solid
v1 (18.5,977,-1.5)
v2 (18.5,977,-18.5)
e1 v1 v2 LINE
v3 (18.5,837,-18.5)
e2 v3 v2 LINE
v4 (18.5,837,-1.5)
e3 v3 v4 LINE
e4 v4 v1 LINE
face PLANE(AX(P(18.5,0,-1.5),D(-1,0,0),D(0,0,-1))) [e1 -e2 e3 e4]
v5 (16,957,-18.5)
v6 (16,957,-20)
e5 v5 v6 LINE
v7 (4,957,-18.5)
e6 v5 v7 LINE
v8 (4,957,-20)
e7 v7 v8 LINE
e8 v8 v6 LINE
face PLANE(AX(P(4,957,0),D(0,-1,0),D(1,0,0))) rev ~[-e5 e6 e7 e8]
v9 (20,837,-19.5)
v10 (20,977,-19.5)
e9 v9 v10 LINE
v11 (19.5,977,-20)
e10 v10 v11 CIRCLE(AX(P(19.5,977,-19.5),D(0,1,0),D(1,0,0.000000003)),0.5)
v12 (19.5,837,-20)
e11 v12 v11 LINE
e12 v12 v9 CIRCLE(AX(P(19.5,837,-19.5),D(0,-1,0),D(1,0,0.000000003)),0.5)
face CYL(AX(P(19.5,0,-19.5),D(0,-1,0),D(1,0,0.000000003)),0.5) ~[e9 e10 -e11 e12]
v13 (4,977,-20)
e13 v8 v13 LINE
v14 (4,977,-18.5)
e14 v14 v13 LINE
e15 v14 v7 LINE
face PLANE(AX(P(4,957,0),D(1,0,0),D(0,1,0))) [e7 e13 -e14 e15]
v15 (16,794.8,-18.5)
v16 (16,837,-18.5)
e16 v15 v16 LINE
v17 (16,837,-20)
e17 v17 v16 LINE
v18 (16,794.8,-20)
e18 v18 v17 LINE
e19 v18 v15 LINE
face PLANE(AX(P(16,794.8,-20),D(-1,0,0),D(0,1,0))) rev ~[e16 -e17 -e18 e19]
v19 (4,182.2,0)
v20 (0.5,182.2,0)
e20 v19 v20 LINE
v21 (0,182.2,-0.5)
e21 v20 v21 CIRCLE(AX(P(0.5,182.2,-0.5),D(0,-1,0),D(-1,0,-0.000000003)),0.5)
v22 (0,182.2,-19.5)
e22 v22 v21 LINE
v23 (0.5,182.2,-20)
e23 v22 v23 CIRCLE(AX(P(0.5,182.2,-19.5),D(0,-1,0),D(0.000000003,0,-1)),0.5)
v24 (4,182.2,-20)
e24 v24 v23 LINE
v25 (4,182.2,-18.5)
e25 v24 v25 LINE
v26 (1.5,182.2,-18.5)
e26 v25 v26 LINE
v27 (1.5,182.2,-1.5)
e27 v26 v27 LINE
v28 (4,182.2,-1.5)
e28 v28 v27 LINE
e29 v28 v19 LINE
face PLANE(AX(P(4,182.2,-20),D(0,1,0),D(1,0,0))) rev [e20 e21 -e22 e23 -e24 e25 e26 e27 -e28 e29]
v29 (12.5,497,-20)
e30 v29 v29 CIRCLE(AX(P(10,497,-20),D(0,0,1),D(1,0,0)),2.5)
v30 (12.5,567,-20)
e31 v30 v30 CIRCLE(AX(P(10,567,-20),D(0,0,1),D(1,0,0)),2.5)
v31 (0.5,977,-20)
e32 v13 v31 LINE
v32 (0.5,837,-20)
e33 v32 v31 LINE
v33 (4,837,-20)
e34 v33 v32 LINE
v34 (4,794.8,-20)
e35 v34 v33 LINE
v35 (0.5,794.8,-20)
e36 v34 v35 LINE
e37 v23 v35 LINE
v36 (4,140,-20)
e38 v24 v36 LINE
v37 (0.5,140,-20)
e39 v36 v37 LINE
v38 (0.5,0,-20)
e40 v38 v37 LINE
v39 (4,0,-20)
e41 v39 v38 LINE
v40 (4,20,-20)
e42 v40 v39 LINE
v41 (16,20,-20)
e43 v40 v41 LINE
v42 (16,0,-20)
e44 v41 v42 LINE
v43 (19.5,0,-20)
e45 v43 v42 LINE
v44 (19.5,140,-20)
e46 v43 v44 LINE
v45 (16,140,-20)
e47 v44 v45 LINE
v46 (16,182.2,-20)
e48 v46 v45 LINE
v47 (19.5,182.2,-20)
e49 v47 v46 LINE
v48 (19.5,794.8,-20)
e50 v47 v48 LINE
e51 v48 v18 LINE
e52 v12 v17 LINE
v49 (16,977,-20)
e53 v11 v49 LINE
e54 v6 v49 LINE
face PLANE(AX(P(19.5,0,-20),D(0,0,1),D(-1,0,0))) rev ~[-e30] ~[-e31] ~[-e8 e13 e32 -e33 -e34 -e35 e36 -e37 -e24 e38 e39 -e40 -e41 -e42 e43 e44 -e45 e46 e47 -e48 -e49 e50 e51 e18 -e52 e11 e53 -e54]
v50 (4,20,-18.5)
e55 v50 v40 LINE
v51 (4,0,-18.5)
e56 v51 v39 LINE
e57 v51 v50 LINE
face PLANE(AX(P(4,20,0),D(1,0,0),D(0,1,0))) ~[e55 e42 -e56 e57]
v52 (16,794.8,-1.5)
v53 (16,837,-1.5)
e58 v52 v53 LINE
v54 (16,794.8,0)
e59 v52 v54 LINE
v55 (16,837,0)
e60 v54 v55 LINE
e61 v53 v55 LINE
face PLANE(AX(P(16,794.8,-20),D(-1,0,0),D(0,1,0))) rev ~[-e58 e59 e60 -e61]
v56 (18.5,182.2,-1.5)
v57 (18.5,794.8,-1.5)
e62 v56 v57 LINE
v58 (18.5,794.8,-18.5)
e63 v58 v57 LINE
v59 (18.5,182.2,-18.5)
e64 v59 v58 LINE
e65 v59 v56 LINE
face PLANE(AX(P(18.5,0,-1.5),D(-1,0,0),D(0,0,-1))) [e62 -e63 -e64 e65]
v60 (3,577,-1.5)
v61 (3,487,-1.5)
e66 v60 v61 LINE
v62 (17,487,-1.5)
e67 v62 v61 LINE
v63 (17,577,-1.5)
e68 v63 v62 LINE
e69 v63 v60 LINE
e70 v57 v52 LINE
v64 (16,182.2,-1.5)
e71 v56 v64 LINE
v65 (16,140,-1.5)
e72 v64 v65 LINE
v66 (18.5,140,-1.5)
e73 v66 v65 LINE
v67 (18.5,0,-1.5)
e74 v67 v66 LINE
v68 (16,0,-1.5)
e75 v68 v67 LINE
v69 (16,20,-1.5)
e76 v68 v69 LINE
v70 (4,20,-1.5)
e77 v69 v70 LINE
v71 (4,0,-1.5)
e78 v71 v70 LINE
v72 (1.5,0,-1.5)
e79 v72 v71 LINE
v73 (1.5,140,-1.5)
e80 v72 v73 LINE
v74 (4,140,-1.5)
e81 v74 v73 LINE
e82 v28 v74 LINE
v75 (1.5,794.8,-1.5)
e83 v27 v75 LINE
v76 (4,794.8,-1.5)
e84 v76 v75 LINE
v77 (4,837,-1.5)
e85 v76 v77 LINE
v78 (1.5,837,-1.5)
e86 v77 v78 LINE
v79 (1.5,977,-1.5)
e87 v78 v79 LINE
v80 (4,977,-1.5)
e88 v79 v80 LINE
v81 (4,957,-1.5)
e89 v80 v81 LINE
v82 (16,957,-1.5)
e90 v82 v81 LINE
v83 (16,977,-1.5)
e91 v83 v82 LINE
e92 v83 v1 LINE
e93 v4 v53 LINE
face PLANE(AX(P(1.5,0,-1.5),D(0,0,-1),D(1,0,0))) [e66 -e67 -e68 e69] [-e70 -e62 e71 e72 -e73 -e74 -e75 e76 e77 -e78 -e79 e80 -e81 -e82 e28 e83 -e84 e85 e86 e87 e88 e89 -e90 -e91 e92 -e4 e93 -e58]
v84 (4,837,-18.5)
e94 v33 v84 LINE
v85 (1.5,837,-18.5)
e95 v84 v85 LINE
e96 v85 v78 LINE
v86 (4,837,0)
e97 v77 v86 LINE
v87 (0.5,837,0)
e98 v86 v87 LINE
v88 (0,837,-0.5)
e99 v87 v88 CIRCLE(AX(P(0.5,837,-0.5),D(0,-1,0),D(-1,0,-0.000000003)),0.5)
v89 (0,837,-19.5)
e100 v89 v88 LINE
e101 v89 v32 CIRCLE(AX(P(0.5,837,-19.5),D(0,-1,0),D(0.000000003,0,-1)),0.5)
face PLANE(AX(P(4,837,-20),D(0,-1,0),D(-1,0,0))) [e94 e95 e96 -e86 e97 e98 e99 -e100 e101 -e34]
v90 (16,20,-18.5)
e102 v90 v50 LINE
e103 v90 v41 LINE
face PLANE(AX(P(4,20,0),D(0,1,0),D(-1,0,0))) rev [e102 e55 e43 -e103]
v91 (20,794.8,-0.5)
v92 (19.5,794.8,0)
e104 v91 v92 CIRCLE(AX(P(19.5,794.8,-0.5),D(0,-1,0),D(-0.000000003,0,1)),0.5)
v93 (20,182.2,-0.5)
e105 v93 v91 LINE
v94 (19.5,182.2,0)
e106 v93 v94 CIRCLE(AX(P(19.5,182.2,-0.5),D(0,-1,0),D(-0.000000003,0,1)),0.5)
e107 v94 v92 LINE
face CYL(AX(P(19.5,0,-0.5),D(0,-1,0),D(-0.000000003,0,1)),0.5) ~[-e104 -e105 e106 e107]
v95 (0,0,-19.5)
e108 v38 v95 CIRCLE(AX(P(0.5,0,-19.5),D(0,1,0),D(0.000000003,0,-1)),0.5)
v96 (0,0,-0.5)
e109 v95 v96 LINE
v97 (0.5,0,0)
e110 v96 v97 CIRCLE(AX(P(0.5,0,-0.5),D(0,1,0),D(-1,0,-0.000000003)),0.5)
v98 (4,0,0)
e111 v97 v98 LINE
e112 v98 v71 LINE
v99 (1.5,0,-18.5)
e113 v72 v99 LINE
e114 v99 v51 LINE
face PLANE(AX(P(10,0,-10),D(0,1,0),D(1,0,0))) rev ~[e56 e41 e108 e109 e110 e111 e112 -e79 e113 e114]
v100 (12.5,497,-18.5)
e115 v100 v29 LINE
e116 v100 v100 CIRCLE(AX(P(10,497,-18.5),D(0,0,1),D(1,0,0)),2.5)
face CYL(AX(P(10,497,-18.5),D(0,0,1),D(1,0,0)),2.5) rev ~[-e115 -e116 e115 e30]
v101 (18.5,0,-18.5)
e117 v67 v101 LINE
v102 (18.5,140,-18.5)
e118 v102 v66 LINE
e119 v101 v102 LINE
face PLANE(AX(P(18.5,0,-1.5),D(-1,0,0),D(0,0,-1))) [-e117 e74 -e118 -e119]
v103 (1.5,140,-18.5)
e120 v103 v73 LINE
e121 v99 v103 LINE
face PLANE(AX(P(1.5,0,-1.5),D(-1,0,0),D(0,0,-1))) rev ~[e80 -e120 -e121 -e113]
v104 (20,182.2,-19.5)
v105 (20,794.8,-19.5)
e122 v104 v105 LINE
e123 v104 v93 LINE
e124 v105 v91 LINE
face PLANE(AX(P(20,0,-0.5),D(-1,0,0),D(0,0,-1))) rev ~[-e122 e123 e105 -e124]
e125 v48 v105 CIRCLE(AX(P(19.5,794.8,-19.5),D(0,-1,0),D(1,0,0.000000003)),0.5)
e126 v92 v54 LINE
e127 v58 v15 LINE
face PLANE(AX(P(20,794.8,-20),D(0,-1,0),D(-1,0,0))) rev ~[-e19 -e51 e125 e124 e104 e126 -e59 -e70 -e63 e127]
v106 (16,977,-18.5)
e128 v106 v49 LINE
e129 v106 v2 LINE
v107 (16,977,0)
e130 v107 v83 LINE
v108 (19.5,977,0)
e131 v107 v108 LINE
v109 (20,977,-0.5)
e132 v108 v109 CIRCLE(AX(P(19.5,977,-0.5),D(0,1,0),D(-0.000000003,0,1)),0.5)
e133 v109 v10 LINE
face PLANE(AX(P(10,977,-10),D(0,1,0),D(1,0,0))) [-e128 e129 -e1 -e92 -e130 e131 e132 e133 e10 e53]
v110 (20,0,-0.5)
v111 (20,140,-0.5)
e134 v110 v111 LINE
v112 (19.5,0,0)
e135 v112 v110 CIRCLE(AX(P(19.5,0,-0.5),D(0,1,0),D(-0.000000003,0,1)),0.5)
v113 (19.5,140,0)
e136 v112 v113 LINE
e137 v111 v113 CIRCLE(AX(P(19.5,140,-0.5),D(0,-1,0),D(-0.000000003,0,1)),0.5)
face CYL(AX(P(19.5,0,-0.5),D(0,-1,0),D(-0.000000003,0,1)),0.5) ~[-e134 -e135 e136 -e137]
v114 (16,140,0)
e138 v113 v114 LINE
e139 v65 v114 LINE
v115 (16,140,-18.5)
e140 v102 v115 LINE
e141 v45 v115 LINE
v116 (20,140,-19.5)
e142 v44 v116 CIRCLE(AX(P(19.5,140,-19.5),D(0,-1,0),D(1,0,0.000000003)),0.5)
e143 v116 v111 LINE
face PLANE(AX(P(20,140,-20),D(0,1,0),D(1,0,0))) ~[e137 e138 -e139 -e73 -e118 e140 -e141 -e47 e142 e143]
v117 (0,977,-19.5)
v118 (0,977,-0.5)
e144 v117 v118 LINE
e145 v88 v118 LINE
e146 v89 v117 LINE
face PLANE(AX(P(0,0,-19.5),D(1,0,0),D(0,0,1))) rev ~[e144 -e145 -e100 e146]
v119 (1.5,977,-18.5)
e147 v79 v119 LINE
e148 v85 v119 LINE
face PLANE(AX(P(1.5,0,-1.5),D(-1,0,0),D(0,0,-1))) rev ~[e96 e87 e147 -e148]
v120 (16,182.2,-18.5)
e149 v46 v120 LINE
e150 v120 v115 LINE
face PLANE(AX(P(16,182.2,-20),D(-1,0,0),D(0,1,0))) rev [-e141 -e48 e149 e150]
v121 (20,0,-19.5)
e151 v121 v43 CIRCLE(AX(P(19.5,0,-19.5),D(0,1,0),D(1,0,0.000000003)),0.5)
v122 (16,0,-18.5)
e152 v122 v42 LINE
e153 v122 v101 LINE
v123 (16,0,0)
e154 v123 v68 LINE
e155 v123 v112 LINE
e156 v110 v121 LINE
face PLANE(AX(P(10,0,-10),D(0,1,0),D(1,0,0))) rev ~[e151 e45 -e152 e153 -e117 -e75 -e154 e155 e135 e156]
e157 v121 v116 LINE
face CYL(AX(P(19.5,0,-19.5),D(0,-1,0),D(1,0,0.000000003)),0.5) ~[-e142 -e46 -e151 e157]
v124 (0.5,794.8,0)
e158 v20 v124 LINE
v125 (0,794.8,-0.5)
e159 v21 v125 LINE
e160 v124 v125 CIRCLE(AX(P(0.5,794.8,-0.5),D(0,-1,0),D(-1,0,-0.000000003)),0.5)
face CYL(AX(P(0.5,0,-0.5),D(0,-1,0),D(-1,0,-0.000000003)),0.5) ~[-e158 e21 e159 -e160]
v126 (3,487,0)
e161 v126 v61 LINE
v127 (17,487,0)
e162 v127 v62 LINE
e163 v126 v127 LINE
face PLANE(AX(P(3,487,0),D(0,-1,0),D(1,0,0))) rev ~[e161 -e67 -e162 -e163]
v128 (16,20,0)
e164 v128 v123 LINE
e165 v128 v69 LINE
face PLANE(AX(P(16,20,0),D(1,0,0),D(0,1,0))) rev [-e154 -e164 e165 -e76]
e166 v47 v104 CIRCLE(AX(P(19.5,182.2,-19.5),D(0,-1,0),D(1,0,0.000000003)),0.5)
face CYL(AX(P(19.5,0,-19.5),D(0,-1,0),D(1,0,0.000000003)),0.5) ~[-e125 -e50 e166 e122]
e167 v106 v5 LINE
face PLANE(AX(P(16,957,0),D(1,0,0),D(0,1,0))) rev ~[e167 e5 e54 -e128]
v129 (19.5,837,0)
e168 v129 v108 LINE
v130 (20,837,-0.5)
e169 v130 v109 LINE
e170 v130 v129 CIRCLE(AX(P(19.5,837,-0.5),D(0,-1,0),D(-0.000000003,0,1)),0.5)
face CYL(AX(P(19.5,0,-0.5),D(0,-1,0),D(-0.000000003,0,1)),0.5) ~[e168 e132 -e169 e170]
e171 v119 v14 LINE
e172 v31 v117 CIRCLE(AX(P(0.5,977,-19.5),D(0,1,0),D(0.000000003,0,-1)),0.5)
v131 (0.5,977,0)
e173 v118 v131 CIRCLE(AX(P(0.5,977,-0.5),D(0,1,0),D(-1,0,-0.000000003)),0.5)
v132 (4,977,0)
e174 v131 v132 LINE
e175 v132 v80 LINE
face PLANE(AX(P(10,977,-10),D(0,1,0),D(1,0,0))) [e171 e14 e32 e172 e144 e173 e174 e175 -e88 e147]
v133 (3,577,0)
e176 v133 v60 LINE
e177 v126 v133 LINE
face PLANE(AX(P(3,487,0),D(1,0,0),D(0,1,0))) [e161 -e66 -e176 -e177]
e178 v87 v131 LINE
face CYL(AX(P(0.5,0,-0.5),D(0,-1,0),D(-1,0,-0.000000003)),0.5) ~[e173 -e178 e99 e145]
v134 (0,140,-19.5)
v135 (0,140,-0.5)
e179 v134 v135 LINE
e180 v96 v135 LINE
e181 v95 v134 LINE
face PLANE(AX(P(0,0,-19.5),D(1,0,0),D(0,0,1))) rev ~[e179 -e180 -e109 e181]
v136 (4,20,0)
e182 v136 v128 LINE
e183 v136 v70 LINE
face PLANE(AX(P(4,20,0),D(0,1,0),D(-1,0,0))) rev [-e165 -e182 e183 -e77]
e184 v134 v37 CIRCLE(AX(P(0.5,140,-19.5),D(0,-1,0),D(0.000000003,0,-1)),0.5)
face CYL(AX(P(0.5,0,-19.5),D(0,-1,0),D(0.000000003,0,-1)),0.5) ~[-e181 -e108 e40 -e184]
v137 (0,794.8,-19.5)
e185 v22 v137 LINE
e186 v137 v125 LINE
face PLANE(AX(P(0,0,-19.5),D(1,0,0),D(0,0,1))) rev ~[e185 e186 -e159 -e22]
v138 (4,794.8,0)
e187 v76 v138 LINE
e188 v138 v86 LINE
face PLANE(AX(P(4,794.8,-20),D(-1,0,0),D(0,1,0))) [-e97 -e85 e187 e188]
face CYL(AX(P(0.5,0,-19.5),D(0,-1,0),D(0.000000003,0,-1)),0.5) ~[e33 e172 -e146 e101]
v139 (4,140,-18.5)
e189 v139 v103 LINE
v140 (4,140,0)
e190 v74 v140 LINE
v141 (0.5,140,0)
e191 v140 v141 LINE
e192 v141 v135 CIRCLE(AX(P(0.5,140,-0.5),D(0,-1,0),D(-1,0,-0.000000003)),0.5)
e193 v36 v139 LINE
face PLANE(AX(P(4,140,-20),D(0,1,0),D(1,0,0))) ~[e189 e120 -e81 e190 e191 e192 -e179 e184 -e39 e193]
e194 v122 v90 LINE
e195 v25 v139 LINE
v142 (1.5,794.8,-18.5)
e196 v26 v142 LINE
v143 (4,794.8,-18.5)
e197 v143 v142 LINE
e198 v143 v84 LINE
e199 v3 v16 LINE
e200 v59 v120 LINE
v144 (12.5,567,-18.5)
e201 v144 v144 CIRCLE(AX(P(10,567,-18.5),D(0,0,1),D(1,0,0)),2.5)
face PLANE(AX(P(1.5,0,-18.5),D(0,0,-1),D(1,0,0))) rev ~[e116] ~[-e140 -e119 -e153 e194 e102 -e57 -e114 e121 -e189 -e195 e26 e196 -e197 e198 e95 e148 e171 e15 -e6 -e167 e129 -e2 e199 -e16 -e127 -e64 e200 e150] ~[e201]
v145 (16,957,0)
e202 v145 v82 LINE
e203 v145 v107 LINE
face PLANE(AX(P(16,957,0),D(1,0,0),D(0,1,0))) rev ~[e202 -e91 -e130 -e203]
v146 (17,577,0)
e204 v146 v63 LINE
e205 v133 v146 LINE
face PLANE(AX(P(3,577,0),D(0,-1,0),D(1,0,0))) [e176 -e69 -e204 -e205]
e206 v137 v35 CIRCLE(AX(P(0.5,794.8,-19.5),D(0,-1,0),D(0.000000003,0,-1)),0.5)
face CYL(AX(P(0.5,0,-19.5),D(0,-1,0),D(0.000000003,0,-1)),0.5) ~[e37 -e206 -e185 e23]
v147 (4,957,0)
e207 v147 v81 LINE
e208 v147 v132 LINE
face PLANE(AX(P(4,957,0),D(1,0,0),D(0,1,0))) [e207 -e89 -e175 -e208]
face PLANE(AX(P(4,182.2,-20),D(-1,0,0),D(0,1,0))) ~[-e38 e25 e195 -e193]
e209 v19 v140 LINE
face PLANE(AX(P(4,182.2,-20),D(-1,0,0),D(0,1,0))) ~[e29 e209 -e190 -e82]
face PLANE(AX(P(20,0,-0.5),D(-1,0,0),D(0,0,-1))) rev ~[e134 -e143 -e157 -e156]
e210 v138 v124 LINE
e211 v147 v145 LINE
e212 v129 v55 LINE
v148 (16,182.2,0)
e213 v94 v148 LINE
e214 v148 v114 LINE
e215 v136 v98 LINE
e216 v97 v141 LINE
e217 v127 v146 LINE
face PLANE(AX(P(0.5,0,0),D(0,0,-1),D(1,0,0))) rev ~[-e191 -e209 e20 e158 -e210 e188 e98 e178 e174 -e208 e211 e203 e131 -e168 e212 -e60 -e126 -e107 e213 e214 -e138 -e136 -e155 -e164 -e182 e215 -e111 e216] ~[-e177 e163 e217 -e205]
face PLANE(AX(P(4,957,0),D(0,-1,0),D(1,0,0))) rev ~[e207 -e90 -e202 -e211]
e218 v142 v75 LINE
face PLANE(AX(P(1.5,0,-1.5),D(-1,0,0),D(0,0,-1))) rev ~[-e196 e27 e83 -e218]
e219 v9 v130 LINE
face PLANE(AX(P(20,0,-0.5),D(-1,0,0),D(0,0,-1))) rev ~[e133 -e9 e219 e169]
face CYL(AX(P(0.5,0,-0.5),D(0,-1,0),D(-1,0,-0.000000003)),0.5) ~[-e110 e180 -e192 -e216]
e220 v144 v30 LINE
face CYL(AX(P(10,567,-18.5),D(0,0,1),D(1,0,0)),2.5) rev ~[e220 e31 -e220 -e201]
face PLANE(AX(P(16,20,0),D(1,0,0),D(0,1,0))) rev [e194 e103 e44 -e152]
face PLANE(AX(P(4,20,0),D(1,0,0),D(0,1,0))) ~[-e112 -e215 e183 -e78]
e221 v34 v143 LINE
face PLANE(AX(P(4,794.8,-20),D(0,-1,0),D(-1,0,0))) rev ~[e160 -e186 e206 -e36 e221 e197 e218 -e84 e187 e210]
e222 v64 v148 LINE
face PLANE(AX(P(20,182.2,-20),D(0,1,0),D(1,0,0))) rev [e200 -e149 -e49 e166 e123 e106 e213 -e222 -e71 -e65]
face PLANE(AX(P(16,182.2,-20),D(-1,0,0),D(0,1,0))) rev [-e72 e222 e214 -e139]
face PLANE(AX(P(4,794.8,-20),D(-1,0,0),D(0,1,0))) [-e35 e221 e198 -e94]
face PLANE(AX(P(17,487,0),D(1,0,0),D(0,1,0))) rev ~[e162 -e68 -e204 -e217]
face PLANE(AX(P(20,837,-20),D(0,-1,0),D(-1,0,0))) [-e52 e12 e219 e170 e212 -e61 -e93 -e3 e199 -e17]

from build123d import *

# Parameters (mm, degrees)
SKETCH1_W           = 17
SKETCH1_H           = 17
BOSS_EXTRUDE1_DEPTH = 977
SKETCH2_W           = 12
SKETCH2_H           = 20
CUT_EXTRUDE1_DEPTH  = 1177
SKETCH3_W           = 4
SKETCH3_H           = 42.2
CUT_EXTRUDE2_DEPTH  = 1177
SKETCH7_W           = 14
SKETCH7_H           = 90
CUT_EXTRUDE5_DEPTH  = 10
SKETCH8_R           = 2.5
CUT_EXTRUDE6_DEPTH  = 10


with BuildPart() as part:
    # Sketch1 → Boss-Extrude1 (new body)
    with BuildSketch(Plane(origin=(0, 0, 0), x_dir=(1, 0, 0), z_dir=(0, 1, 0))):
        with BuildLine():
            Line((0.5, 0), (19.5, 0))
            ThreePointArc((19.5, 0), (19.853553391, 0.146446609), (20, 0.5))
            Line((20, 0.5), (20, 19.5))
            ThreePointArc((20, 19.5), (19.853553391, 19.853553391), (19.5, 20))
            Line((19.5, 20), (0.5, 20))
            ThreePointArc((0.5, 20), (0.146446609, 19.853553391), (0, 19.5))
            Line((0, 19.5), (0, 0.5))
            ThreePointArc((0, 0.5), (0.146446609, 0.146446609), (0.5, 0))
        make_face()
        with Locations((10, 10)):
            Rectangle(SKETCH1_W, SKETCH1_H, mode=Mode.SUBTRACT)
    extrude(amount=BOSS_EXTRUDE1_DEPTH)

    # Sketch2 → Cut-Extrude1 (cut)
    with BuildSketch(Plane.XY):
        with Locations((10, 967)):
            Rectangle(SKETCH2_W, SKETCH2_H)
    cut_extrude1 = extrude(amount=-CUT_EXTRUDE1_DEPTH, mode=Mode.SUBTRACT)

    # Sketch3 → Cut-Extrude2 (cut)
    with BuildSketch(Plane(origin=(0, 0, -20), x_dir=(-1, 0, 0), z_dir=(0, 0, -1))):
        with Locations((-2, 815.9)):
            Rectangle(SKETCH3_W, SKETCH3_H)
        with Locations((-18, 815.9)):
            Rectangle(SKETCH3_W, SKETCH3_H)
    cut_extrude2 = extrude(amount=-CUT_EXTRUDE2_DEPTH, mode=Mode.SUBTRACT)

    # Mirror1: Cut-Extrude1, Cut-Extrude2 across plane
    add(cut_extrude1.mirror(Plane.ZX.offset(488.5)), mode=Mode.SUBTRACT)
    add(cut_extrude2.mirror(Plane.ZX.offset(488.5)), mode=Mode.SUBTRACT)

    # Sketch7 → Cut-Extrude5 (cut)
    with BuildSketch(Plane.XY):
        with Locations((10, 532)):
            Rectangle(SKETCH7_W, SKETCH7_H)
    extrude(amount=-CUT_EXTRUDE5_DEPTH, mode=Mode.SUBTRACT)

    # Sketch8 → Cut-Extrude6 (cut)
    with BuildSketch(Plane.XY.offset(-18.5)):
        with Locations((10, 567)):
            Circle(SKETCH8_R)
        with Locations((10, 497)):
            Circle(SKETCH8_R)
    extrude(amount=-CUT_EXTRUDE6_DEPTH, mode=Mode.SUBTRACT)


solid = part.part
